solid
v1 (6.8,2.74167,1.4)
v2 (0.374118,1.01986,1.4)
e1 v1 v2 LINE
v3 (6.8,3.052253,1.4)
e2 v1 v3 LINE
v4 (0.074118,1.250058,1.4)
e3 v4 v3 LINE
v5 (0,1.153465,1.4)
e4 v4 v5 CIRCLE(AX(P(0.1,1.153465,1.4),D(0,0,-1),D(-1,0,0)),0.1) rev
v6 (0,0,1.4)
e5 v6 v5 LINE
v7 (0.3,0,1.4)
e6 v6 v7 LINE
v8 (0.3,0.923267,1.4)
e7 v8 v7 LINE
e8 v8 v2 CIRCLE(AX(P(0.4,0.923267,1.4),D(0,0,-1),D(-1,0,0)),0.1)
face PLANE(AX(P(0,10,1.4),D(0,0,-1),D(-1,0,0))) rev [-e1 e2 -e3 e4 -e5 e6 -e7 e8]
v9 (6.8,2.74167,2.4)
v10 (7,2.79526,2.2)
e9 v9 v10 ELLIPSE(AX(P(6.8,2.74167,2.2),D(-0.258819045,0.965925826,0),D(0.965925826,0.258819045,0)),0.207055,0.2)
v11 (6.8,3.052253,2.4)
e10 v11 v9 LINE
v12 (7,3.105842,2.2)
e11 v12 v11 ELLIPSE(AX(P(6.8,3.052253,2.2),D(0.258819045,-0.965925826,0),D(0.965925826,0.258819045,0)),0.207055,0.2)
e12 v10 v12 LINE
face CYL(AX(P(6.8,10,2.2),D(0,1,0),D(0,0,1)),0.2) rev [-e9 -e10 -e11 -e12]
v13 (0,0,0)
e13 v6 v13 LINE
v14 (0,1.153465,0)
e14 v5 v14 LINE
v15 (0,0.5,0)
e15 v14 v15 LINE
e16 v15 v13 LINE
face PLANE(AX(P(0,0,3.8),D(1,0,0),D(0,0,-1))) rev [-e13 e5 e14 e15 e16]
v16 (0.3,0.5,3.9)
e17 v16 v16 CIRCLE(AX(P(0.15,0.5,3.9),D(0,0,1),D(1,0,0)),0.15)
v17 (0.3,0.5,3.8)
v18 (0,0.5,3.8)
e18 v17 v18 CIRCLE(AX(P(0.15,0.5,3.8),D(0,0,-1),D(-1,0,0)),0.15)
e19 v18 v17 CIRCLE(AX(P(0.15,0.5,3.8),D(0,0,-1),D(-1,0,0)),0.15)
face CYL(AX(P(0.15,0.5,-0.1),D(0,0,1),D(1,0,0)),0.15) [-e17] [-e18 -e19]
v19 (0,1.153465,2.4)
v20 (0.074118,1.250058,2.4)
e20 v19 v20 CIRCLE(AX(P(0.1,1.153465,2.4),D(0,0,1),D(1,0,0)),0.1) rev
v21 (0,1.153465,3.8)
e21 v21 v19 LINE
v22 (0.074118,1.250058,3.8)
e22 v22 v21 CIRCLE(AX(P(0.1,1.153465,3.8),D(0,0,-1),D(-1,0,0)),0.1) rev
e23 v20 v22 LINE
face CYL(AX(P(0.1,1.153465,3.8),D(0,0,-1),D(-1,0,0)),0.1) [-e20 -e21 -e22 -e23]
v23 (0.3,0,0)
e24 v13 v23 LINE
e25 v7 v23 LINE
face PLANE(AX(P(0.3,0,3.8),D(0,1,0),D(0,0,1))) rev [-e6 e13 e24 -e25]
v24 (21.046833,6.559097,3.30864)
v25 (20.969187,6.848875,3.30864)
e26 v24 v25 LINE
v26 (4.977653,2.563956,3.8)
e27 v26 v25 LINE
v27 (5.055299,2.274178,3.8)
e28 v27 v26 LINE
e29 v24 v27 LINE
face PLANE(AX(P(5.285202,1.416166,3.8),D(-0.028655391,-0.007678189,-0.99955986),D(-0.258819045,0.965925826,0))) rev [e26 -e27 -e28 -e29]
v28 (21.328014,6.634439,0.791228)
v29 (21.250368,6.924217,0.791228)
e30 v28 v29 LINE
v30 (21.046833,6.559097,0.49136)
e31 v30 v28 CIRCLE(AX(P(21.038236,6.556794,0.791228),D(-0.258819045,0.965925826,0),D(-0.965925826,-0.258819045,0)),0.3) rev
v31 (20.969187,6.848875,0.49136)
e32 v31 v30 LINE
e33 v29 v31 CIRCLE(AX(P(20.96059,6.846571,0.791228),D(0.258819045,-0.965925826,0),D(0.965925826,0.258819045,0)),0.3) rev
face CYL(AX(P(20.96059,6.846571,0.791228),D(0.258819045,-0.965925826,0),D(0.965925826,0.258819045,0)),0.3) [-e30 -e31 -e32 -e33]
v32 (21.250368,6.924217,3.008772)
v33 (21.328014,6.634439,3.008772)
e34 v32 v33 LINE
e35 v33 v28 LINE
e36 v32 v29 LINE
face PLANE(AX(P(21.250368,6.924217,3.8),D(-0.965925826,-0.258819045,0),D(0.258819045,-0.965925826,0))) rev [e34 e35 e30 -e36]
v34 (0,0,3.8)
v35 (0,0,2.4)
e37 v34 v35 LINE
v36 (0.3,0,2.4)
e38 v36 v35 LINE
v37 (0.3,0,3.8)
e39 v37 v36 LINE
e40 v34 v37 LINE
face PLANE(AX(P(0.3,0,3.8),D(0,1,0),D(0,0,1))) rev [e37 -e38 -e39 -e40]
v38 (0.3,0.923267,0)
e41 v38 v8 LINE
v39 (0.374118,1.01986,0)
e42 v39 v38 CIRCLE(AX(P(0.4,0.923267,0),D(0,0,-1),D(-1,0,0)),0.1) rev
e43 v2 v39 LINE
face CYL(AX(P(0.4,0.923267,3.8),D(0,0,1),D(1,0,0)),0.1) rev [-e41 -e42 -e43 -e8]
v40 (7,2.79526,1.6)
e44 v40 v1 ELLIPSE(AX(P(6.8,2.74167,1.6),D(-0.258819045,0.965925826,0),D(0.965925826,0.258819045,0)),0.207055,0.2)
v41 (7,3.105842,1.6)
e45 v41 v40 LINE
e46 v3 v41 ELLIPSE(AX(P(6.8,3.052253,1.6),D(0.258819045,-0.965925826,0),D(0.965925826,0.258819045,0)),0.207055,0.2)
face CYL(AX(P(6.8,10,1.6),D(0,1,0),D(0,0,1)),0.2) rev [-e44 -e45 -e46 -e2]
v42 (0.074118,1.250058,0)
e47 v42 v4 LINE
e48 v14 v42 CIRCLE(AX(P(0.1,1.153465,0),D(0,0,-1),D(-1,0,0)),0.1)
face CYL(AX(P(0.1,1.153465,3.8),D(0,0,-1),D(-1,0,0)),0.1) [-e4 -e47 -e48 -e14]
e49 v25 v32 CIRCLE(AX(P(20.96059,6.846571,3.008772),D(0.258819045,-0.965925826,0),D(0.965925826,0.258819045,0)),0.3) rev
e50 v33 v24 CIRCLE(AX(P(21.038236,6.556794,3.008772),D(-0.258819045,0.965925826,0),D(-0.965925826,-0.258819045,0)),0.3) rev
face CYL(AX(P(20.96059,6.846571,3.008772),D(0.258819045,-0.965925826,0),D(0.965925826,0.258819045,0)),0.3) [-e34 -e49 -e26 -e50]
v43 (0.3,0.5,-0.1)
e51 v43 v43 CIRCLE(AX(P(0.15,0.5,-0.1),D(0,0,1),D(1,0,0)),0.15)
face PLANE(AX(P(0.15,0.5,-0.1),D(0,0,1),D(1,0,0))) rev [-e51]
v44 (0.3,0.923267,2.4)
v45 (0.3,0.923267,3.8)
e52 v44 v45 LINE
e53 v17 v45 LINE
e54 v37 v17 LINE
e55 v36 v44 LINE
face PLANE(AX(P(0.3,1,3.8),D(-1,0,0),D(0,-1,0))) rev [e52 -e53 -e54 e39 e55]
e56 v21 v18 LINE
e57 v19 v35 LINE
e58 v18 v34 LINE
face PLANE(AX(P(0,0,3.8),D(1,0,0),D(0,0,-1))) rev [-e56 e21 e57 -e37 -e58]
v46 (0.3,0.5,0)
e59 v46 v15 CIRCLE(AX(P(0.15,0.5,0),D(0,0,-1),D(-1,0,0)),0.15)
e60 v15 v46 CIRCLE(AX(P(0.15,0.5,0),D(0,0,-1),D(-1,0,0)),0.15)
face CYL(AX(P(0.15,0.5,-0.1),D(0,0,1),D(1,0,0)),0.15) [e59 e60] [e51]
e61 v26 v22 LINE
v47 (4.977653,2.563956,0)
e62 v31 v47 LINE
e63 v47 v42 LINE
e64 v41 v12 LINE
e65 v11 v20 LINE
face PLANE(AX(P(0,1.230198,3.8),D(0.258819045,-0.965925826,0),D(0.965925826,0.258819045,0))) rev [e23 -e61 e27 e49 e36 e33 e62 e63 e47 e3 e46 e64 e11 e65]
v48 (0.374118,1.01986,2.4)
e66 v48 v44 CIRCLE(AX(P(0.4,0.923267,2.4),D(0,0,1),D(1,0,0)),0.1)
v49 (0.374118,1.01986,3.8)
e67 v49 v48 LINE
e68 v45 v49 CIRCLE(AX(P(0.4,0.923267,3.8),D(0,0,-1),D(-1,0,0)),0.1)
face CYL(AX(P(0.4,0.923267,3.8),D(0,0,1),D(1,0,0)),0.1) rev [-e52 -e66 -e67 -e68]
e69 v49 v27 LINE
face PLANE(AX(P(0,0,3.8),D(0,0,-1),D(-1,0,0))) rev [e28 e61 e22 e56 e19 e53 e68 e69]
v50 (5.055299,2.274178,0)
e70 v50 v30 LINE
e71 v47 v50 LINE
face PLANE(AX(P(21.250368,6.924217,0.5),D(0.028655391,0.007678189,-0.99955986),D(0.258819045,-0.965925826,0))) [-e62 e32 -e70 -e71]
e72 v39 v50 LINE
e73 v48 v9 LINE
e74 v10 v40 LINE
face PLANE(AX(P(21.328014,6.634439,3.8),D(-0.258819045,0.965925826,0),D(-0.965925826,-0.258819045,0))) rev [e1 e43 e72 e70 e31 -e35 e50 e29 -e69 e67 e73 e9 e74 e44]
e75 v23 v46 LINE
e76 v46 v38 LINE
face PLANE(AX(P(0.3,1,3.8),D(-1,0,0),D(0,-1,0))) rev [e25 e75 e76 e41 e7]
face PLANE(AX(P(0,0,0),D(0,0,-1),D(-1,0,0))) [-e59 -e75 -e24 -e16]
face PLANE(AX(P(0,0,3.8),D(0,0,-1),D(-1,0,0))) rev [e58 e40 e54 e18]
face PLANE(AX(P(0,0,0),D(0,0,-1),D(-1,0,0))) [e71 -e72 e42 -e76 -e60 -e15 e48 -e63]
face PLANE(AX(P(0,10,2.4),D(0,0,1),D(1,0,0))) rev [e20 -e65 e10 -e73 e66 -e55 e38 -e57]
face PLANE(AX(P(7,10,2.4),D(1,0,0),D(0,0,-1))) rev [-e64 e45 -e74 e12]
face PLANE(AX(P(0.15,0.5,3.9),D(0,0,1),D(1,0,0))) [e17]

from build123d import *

# Parameters (mm, degrees)
PROFILE_EXTRUDE_DEPTH   = 3.8
CHAMFER_TOP_SIZE        = 0.5
CHAMFER_TOP_SIZE2       = 16.846754467
PINS_EXTRUDE_DEPTH      = 0.1
PINS_EXTRUDE_DEPTH_BACK = 3.9
SKETCH3_R               = 0.15
SLOT_SKETCH_W           = 7
SLOT_SKETCH_H           = 1
SLOT_CUT_DEPTH          = 10
FILLET1_R               = 0.1
FILLET2_R               = 0.3
FILLET3_R               = 0.2


with BuildPart() as part:
    # Profile Sketch → Profile Extrude (new body)
    with BuildSketch(Plane.XY):
        Polygon((0, 0), (0, 1.230198096), (21.250368178, 6.924217089), (21.328013892, 6.634439341), (0.3, 1), (0.3, 0), align=None)
    extrude(amount=PROFILE_EXTRUDE_DEPTH)

    # Chamfer Top
    chamfer_top_edges = [part.edges().sort_by_distance(p)[0] for p in [
        (21.289191035, 6.779328215, 3.8),
        (21.289191035, 6.779328215, 0),
    ]]
    chamfer_top_side = [part.faces().sort_by_distance(p)[0] for p in [
        (21.289191035, 6.779328215, 1.9),
    ]]
    chamfer(chamfer_top_edges, length=CHAMFER_TOP_SIZE, length2=CHAMFER_TOP_SIZE2, reference=chamfer_top_side[0])

    # Sketch3 → Pins Extrude (add, two sides: drawn at the far end of the back side and taken through both)
    with BuildSketch(Plane.XY.offset(3.8).offset(-PINS_EXTRUDE_DEPTH_BACK)):
        with Locations((0.15, 0.5)):
            Circle(SKETCH3_R)
    extrude(amount=PINS_EXTRUDE_DEPTH + PINS_EXTRUDE_DEPTH_BACK)

    # Slot Sketch → Slot Cut (cut)
    with BuildSketch(Plane.XZ):
        with Locations((3.5, 1.9)):
            Rectangle(SLOT_SKETCH_W, SLOT_SKETCH_H)
    extrude(amount=-SLOT_CUT_DEPTH, mode=Mode.SUBTRACT)

    # Fillet1
    fillet1_edges = [part.edges().sort_by_distance(p)[0] for p in [
        (0, 1.230198096, 3.1),
        (0.3, 1, 3.1),
        (0, 1.230198096, 0.7),
        (0.3, 1, 0.7),
    ]]
    fillet(fillet1_edges, radius=FILLET1_R)

    # Fillet2
    fillet2_edges = [part.edges().sort_by_distance(p)[0] for p in [
        (21.289191035, 6.779328215, 0.5),
        (21.289191035, 6.779328215, 3.3),
    ]]
    fillet(fillet2_edges, radius=FILLET2_R)

    # Fillet3
    fillet3_edges = [part.edges().sort_by_distance(p)[0] for p in [
        (7, 2.950551016, 2.4),
        (7, 2.950551016, 1.4),
    ]]
    fillet(fillet3_edges, radius=FILLET3_R)


solid = part.part
